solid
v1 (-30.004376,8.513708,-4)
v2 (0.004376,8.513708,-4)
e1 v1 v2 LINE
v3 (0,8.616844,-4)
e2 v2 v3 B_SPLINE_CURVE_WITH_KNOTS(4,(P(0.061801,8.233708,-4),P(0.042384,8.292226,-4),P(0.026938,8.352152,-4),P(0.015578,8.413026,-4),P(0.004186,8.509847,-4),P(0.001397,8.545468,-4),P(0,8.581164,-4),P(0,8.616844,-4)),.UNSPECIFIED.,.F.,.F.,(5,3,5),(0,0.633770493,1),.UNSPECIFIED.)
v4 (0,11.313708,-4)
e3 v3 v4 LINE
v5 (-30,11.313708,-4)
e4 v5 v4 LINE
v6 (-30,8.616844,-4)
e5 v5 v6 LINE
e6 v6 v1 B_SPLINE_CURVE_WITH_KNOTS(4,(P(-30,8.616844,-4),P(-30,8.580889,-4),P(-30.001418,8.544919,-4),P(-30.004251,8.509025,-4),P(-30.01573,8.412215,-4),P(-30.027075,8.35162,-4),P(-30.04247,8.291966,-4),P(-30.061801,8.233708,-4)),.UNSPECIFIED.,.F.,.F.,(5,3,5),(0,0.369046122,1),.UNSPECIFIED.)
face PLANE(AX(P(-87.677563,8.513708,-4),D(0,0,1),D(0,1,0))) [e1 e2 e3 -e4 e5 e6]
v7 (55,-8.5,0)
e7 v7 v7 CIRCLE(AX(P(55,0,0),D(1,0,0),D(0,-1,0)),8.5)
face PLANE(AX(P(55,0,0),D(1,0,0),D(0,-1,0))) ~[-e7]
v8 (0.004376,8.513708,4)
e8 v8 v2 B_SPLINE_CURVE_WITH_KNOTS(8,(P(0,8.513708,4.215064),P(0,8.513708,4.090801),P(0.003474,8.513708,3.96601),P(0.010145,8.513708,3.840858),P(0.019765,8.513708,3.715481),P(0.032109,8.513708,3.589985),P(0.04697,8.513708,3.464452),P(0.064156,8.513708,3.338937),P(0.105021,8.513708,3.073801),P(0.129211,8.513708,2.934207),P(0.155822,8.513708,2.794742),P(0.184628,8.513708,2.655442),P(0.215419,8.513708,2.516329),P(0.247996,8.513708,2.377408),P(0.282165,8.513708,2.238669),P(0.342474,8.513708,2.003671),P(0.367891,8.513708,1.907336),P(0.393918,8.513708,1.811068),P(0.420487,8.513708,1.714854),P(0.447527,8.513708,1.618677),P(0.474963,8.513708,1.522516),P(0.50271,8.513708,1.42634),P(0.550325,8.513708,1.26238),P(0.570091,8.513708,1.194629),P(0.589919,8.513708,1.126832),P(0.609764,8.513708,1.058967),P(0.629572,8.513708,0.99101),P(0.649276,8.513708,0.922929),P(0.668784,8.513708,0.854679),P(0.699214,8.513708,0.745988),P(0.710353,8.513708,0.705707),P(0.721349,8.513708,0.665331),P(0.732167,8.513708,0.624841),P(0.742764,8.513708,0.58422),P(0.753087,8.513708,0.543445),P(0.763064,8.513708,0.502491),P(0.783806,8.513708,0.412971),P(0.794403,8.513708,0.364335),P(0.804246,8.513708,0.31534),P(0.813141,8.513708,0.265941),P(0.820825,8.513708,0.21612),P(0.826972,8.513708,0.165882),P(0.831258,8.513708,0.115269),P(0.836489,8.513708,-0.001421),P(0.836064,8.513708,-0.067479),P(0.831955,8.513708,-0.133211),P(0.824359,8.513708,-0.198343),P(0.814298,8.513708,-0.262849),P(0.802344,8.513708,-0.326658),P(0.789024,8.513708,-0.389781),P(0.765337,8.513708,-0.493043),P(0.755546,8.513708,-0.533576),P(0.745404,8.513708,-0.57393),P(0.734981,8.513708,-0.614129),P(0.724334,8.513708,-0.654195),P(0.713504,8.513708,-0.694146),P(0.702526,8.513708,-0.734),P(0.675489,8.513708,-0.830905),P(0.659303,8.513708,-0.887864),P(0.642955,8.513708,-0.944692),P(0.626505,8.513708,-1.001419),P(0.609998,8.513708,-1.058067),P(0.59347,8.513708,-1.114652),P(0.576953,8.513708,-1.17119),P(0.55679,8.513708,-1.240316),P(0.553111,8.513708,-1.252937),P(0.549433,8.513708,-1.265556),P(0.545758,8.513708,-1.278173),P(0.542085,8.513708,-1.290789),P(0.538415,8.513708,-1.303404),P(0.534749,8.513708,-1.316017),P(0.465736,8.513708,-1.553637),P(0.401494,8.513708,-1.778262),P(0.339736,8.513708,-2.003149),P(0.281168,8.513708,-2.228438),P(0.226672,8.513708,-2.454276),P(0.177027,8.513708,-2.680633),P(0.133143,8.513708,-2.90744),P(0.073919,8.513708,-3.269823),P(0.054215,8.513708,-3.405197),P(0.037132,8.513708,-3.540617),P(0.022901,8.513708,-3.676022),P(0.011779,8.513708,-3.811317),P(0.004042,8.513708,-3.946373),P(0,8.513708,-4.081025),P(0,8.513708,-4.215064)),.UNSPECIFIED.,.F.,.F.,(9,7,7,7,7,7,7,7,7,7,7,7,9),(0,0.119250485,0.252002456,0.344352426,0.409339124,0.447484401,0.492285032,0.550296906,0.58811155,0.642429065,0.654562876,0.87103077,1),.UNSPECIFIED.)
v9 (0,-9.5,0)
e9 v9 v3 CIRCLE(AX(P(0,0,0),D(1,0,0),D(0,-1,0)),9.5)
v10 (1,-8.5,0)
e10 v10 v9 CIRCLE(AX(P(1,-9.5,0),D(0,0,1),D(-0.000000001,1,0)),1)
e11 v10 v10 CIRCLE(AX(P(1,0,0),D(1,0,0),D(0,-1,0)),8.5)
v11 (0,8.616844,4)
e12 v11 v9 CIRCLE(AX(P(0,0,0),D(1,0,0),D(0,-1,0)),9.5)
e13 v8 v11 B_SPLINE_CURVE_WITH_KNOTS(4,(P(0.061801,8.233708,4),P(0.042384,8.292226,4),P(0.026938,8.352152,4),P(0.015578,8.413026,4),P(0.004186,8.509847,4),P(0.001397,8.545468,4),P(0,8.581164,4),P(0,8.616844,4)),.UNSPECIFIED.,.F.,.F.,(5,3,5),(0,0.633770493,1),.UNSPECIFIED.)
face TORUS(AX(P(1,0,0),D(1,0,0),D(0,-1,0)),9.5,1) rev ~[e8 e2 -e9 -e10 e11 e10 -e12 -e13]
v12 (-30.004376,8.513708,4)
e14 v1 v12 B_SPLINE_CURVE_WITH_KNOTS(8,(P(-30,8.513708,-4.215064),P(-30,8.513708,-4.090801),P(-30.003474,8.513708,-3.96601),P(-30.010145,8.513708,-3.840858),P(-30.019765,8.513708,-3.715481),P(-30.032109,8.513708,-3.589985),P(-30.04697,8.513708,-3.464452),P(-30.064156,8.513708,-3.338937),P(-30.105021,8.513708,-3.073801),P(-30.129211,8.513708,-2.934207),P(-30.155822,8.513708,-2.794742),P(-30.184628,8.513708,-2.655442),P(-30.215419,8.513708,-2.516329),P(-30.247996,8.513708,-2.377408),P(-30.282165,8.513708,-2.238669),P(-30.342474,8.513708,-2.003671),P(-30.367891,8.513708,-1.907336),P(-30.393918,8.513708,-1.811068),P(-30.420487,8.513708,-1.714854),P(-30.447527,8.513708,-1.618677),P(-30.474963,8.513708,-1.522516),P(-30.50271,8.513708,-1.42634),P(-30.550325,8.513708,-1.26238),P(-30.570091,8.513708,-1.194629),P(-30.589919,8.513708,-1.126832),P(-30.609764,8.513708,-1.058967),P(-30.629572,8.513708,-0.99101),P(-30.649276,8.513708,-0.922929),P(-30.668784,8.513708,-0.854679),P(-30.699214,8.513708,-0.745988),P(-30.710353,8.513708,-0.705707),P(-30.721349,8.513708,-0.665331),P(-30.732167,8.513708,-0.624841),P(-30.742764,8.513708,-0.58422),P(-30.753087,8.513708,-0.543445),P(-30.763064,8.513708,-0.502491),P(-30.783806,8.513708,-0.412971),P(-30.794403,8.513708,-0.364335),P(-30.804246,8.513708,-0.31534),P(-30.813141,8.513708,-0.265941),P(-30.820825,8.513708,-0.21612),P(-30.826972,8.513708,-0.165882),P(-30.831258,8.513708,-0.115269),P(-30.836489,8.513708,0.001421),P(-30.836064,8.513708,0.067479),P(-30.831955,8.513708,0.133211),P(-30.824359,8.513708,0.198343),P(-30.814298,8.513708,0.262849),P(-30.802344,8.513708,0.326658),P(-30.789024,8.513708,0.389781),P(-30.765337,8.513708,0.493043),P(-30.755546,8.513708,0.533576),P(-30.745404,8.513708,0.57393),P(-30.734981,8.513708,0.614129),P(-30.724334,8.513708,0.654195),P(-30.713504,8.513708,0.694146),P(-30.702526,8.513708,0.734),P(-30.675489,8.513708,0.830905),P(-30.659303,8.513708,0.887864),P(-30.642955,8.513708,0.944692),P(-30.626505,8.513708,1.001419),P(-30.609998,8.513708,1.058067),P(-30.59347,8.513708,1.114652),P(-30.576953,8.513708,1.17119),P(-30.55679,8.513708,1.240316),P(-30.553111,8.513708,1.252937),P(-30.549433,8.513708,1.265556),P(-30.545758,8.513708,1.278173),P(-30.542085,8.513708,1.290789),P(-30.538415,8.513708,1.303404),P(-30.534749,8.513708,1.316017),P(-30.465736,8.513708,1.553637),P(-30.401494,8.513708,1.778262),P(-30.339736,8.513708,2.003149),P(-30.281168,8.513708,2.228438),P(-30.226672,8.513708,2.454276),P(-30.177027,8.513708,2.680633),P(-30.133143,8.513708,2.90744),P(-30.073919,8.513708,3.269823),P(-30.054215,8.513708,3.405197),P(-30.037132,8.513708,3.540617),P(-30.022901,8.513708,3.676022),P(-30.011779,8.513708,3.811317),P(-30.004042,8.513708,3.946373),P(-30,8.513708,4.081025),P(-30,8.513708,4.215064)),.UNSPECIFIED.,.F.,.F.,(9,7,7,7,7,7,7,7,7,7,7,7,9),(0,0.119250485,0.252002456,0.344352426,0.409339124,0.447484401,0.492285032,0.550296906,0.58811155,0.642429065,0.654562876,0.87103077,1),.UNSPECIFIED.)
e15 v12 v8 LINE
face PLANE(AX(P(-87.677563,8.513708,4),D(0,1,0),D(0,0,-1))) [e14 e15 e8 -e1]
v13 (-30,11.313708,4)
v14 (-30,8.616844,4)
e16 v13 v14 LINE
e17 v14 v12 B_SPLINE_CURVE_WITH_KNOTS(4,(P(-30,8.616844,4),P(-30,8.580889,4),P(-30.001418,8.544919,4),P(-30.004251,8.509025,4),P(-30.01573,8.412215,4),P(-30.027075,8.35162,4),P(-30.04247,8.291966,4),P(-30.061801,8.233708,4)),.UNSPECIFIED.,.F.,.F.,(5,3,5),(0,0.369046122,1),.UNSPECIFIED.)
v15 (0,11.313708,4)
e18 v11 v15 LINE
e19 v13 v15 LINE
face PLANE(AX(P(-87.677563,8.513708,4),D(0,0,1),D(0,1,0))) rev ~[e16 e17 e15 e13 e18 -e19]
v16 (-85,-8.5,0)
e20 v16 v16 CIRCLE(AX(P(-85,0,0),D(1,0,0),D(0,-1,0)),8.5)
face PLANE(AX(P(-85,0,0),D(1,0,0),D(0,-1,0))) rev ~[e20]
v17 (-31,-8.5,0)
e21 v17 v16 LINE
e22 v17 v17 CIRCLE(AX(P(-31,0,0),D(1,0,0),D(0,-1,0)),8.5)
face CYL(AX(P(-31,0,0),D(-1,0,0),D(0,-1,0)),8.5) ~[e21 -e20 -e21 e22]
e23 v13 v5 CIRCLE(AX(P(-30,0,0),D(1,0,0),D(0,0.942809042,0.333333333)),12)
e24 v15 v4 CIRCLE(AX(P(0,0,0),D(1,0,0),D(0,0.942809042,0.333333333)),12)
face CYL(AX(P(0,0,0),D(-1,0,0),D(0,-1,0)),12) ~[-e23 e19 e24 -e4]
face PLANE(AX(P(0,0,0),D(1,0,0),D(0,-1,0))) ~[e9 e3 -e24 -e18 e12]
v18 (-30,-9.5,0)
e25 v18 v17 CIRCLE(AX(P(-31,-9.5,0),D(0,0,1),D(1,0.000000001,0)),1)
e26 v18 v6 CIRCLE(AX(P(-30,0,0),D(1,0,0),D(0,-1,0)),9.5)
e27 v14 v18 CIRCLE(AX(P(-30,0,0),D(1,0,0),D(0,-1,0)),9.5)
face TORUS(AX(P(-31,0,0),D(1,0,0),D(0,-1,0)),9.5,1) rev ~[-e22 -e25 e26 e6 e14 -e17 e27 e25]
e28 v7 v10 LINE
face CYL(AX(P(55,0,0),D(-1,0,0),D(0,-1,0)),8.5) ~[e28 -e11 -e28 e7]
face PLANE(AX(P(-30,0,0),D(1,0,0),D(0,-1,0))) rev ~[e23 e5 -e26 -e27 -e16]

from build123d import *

# Parameters (mm, degrees)
CUT_EXTRUDE2_DEPTH      = 87.677563418
CUT_EXTRUDE2_DEPTH_BACK = 87.677563418
SKETCH3_W               = 4
SKETCH3_H               = 2.8


with BuildPart() as part:
    # Sketch1 → Revolve1 (revolve)
    with BuildSketch(Plane.XY, mode=Mode.PRIVATE) as revolve1_sk:
        with BuildLine():
            Line((0, 0), (55, 0))
            Line((55, 0), (55, 8.5))
            Line((55, 8.5), (1, 8.5))
            ThreePointArc((1, 8.5), (0.292893219, 8.792893219), (0, 9.5))
            Line((0, 9.5), (0, 12))
            Line((0, 12), (-30, 12))
            Line((-30, 12), (-30, 9.5))
            ThreePointArc((-30, 9.5), (-30.292893219, 8.792893219), (-31, 8.5))
            Line((-31, 8.5), (-85, 8.5))
            Line((-85, 8.5), (-85, 0))
            Line((-85, 0), (0, 0))
        make_face()
    revolve(revolve1_sk.sketch.rotate(Axis((-85, 0, 0), (1, 0, 0)), 180), axis=Axis((-85, 0, 0), (1, 0, 0)))

    # Sketch3 → Cut-Extrude2 (cut, two sides: drawn at the far end of the back side and taken through both)
    with BuildSketch(Plane(origin=(0, 0, 0), x_dir=(0, 0, -1), z_dir=(1, 0, 0)).offset(-CUT_EXTRUDE2_DEPTH_BACK)):
        with Locations((2, 9.913708499)):
            Rectangle(SKETCH3_W, SKETCH3_H)
        with Locations((-2, 9.913708499)):
            Rectangle(SKETCH3_W, SKETCH3_H)
        with BuildLine():
            Line((-4, 11.313708499), (0, 11.313708499))
            Line((0, 11.313708499), (0, 12))
            ThreePointArc((0, 12), (-2.029223745, 11.827182716), (-4, 11.313708499))
        make_face()
        with BuildLine():
            Line((0, 12), (0, 11.313708499))
            Line((0, 11.313708499), (4, 11.313708499))
            ThreePointArc((4, 11.313708499), (2.029223745, 11.827182716), (0, 12))
        make_face()
    extrude(amount=CUT_EXTRUDE2_DEPTH + CUT_EXTRUDE2_DEPTH_BACK, mode=Mode.SUBTRACT)


solid = part.part
